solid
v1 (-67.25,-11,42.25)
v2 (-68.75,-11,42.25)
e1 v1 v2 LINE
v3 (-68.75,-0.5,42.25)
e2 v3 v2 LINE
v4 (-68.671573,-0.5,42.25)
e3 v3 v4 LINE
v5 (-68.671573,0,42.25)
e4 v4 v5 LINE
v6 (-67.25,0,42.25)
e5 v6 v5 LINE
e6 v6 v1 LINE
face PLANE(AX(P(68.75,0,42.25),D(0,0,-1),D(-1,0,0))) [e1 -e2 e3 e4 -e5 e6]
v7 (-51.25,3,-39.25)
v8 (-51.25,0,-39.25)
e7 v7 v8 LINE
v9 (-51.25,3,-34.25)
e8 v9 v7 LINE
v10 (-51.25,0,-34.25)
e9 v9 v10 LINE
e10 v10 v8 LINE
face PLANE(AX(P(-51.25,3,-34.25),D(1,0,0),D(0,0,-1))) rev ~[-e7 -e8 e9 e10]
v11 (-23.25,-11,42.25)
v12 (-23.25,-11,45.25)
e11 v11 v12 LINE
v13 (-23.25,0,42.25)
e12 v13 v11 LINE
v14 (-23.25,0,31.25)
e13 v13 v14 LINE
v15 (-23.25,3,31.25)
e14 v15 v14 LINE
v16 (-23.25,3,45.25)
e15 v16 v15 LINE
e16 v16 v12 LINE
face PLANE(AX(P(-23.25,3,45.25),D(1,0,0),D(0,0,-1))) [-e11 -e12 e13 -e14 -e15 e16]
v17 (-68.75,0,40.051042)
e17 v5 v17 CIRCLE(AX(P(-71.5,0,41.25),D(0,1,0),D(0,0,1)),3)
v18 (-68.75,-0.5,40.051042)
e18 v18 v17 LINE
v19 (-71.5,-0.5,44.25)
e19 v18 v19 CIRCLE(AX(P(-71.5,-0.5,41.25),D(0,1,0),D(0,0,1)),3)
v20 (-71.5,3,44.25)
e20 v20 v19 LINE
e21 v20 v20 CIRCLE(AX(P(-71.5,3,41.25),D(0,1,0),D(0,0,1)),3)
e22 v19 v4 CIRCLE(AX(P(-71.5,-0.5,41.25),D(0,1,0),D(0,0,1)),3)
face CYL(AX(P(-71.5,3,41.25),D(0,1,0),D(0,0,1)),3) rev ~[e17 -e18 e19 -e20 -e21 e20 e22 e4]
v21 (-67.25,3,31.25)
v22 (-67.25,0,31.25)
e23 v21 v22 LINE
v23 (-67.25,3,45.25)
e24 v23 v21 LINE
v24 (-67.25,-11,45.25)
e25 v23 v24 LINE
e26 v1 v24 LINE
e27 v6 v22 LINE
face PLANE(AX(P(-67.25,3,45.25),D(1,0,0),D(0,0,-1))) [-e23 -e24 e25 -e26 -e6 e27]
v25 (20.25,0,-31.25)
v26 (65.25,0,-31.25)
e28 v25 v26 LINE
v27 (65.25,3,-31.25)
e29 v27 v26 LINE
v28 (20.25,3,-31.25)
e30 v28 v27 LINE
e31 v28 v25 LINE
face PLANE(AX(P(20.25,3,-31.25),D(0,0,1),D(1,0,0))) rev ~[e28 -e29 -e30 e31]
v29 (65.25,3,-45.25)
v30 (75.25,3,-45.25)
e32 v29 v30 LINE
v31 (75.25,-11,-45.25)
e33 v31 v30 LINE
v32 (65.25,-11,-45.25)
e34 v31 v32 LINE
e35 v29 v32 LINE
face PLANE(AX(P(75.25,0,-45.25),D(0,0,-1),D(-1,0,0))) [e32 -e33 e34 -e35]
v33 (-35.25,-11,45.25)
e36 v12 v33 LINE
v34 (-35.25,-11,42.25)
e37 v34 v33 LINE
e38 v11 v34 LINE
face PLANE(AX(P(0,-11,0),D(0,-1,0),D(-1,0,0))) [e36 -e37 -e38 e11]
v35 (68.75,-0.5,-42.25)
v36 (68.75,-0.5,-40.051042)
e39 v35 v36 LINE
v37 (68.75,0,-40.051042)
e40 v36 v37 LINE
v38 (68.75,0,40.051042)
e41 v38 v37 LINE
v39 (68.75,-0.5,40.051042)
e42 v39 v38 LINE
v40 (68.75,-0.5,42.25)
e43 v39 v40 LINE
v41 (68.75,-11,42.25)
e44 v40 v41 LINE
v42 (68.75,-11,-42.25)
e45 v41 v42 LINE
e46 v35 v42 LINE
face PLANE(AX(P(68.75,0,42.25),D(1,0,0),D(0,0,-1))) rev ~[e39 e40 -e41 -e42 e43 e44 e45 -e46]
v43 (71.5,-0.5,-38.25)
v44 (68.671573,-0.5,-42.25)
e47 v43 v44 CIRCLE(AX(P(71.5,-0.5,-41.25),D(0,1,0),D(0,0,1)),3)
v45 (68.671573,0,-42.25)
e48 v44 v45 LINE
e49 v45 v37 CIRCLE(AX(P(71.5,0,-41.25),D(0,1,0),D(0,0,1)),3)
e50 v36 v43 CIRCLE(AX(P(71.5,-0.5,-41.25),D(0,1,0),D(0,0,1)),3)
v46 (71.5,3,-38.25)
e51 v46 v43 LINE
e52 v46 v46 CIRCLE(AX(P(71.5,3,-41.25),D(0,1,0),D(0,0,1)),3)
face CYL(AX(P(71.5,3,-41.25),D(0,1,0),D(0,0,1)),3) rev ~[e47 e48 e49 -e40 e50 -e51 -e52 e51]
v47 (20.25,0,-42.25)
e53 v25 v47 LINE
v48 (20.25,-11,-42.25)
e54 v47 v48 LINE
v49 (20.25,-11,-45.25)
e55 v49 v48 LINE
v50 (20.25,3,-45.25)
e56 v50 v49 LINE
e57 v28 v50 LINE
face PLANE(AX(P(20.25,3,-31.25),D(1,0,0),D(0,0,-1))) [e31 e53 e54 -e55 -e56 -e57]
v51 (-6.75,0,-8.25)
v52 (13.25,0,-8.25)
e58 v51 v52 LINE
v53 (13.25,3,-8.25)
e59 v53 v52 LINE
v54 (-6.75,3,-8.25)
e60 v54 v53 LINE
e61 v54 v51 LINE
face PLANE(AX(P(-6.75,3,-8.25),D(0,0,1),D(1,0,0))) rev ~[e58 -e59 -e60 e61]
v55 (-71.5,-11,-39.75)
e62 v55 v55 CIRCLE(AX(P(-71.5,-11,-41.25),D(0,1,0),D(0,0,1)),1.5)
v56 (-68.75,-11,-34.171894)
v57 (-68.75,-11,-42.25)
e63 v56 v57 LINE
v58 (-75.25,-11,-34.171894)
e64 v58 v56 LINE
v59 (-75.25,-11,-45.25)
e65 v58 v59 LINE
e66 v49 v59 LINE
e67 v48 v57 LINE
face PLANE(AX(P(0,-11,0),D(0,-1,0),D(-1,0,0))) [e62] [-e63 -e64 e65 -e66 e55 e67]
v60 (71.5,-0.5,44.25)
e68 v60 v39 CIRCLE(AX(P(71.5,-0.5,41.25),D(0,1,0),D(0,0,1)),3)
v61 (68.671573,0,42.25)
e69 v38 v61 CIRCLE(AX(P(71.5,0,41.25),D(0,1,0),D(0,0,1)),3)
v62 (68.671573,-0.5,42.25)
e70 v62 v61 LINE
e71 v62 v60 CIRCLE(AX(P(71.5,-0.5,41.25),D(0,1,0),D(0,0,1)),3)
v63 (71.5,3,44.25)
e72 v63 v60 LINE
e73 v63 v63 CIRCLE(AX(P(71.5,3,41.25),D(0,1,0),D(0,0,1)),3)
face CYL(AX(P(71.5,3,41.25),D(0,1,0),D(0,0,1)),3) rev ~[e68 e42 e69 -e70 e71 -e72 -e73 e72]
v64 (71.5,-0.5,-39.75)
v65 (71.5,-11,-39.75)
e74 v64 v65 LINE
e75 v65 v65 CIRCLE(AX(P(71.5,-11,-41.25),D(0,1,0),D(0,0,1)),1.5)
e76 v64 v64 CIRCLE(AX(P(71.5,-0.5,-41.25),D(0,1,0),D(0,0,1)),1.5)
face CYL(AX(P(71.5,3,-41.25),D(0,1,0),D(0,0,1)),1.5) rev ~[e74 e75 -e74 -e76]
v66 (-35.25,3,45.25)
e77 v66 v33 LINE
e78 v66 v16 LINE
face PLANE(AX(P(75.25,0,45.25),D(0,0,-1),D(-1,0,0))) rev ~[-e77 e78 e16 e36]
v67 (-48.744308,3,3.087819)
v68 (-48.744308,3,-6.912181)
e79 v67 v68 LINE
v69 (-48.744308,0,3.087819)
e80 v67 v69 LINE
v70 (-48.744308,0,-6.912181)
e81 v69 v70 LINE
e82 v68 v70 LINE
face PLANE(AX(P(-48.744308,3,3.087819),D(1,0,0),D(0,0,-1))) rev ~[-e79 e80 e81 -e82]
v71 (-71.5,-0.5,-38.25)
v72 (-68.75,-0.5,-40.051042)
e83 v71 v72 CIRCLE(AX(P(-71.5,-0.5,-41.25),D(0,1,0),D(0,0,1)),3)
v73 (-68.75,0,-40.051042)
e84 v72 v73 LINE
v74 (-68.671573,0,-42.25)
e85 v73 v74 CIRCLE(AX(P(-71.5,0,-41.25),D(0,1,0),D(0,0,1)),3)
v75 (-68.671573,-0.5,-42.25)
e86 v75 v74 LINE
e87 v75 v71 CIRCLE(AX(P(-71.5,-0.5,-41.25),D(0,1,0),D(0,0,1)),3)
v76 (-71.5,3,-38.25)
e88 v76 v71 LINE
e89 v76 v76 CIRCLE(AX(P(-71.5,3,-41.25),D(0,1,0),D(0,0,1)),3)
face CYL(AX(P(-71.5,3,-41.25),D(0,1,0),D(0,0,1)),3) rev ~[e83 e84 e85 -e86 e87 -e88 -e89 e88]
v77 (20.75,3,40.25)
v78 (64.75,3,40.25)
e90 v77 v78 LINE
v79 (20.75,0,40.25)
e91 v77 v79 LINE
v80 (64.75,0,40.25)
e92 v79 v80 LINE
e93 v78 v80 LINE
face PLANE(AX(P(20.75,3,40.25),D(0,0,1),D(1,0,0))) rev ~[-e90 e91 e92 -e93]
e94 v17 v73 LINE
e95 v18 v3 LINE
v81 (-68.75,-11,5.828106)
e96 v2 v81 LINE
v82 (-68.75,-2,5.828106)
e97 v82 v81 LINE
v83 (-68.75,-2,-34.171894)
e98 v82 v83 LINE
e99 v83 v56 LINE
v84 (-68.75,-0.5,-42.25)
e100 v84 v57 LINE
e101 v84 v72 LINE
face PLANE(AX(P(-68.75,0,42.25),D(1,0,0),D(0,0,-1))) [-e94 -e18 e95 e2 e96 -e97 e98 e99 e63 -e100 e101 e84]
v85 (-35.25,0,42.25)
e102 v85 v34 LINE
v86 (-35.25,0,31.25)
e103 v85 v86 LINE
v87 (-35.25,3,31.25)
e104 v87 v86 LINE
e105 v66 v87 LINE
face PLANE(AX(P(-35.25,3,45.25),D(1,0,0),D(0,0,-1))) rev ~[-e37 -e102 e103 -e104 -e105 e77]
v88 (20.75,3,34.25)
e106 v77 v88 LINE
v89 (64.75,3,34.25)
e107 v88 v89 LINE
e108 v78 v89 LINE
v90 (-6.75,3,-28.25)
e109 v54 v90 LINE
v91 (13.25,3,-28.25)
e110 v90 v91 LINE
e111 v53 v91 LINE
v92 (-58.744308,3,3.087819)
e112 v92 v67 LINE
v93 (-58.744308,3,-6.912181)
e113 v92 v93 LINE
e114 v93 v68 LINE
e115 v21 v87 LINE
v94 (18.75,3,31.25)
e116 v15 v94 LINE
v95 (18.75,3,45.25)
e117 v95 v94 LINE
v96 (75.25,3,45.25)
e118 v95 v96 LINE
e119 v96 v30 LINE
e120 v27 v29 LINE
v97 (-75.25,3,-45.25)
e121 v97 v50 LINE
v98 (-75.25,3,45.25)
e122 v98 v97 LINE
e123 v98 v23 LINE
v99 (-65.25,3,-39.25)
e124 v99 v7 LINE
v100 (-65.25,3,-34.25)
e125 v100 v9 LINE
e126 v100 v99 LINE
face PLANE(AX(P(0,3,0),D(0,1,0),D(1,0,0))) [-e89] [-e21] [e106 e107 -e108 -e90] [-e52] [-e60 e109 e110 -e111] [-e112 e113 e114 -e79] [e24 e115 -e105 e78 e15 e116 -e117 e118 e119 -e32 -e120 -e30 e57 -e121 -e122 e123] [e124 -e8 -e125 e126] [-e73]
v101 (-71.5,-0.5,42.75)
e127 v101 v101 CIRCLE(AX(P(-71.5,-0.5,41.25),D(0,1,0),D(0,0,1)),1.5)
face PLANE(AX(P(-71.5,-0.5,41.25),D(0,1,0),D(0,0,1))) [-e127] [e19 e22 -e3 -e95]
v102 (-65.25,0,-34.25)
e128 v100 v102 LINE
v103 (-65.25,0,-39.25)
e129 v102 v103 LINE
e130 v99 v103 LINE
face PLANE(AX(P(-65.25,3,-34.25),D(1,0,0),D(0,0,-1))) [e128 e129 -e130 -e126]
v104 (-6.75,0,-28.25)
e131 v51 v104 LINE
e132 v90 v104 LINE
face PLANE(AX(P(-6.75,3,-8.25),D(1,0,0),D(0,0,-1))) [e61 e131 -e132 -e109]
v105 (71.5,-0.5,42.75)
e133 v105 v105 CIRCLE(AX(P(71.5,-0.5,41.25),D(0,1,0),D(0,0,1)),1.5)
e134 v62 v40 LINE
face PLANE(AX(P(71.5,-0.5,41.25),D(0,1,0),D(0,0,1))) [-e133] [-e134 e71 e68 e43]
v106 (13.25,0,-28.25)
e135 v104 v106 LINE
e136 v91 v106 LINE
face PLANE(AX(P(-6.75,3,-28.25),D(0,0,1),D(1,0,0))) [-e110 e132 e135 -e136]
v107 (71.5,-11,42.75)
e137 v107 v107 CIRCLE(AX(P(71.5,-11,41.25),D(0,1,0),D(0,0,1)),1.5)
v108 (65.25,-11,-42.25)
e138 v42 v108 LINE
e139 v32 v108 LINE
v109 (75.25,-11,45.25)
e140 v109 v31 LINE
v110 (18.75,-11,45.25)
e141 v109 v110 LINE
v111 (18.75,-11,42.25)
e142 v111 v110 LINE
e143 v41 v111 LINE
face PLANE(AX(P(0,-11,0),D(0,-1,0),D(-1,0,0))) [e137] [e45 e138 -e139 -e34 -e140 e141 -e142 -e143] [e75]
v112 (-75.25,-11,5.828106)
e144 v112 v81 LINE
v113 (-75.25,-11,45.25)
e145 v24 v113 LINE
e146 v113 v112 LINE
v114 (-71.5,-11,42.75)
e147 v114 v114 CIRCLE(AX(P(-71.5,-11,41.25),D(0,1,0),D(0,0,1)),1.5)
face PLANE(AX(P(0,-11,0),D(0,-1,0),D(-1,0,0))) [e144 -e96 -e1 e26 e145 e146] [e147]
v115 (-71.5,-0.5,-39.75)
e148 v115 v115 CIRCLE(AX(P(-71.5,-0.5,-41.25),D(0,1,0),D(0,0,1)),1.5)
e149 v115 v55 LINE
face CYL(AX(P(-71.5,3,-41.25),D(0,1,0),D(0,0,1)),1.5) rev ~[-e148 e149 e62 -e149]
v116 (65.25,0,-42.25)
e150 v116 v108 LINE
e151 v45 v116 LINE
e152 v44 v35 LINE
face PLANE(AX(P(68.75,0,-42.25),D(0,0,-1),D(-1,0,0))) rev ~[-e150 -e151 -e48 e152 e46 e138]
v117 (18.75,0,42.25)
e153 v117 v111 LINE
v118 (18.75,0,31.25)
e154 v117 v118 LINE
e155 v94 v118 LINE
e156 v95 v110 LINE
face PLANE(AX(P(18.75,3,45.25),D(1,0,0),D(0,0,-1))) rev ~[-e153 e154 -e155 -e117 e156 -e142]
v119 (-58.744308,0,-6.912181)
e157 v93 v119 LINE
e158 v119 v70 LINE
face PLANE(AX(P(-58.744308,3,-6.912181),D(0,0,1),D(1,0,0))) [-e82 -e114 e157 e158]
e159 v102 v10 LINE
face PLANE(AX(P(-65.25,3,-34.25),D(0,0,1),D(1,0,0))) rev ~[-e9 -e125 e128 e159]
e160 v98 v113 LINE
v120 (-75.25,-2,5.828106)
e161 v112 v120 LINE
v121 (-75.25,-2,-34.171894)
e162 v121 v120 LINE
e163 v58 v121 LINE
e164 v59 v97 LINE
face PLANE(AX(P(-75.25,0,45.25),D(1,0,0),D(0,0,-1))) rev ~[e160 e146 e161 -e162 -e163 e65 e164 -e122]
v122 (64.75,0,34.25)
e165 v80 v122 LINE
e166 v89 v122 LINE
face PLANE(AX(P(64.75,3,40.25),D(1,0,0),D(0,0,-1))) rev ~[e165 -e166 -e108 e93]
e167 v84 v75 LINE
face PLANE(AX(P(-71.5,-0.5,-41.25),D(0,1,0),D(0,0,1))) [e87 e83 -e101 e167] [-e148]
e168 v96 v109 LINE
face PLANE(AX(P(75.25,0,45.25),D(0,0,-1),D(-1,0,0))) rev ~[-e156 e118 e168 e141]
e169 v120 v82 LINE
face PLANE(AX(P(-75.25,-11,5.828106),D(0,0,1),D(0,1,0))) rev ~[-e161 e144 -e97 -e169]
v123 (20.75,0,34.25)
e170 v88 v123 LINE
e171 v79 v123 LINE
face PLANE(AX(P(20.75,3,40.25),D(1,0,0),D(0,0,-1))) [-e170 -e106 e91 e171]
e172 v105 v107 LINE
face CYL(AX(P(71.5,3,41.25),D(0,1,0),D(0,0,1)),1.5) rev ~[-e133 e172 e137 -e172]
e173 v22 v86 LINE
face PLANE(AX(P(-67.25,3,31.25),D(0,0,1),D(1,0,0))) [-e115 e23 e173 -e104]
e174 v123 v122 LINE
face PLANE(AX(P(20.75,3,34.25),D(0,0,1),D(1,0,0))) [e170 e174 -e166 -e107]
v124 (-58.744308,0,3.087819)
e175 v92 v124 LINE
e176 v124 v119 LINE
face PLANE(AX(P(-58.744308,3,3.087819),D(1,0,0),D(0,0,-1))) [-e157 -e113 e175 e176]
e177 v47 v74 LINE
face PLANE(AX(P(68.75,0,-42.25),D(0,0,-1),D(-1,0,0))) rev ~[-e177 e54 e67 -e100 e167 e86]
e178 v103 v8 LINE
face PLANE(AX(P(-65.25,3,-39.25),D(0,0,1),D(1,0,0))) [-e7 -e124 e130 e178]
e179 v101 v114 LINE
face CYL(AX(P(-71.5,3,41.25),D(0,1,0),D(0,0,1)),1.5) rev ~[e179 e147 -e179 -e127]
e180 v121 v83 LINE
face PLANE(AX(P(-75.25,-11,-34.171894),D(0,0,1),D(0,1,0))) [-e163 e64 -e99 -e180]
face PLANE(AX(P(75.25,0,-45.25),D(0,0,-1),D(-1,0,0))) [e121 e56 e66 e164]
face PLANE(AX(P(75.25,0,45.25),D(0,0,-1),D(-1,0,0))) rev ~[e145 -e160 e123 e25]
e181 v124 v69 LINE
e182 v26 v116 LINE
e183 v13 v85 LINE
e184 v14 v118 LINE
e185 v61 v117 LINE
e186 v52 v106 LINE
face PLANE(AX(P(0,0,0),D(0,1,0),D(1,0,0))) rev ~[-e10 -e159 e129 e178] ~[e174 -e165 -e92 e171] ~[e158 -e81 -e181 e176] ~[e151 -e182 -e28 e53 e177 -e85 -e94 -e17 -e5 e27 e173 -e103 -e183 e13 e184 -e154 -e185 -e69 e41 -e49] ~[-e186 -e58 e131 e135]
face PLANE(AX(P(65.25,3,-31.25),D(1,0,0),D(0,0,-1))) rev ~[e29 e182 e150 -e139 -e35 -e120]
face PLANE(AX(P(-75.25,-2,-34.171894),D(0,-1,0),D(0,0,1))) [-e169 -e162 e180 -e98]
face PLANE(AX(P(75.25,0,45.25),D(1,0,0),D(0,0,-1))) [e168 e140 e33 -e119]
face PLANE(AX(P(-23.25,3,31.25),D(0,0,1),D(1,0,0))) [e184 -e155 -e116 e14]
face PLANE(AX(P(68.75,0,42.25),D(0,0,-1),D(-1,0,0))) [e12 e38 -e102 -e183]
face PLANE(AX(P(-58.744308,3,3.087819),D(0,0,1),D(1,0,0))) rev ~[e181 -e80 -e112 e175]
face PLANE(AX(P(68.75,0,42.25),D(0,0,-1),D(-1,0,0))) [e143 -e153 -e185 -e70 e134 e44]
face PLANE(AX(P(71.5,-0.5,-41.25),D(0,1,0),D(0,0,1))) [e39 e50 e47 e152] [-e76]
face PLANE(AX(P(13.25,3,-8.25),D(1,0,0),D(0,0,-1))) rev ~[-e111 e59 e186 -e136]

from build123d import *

# Parameters (mm, degrees)
SKETCH1_W           = 150.5
SKETCH1_H           = 90.5
BOSS_EXTRUDE1_DEPTH = 3
SKETCH2_W           = 150.5
SKETCH2_H           = 90.5
SKETCH2_W_2         = 137.5
SKETCH2_H_2         = 84.5
BOSS_EXTRUDE2_DEPTH = 11
SKETCH3_R           = 1.5
CUT_EXTRUDE1_DEPTH  = 31
SKETCH4_R           = 3
CUT_EXTRUDE2_DEPTH  = 3.5
SKETCH5_W           = 32
SKETCH5_H           = 14
SKETCH5_W_2         = 42
SKETCH5_W_3         = 44
SKETCH5_H_2         = 6
SKETCH5_W_4         = 45
SKETCH5_W_5         = 20
SKETCH5_H_3         = 20
SKETCH5_W_6         = 14
SKETCH5_H_4         = 5
SKETCH5_W_7         = 10
SKETCH5_H_5         = 10
CUT_EXTRUDE3_DEPTH  = 15
SKETCH7_W           = 40
SKETCH7_H           = 9
CUT_EXTRUDE4_DEPTH  = 15


with BuildPart() as part:
    # Sketch1 → Boss-Extrude1 (new body)
    with BuildSketch(Plane(origin=(0, 0, 0), x_dir=(1, 0, 0), z_dir=(0, 1, 0))):
        Rectangle(SKETCH1_W, SKETCH1_H)
    extrude(amount=BOSS_EXTRUDE1_DEPTH)

    # Sketch2 → Boss-Extrude2 (add)
    with BuildSketch(Plane(origin=(0, 0, 0), x_dir=(-1, 0, 0), z_dir=(0, -1, 0))):
        Rectangle(SKETCH2_W, SKETCH2_H)
        Rectangle(SKETCH2_W_2, SKETCH2_H_2, mode=Mode.SUBTRACT)
    extrude(amount=BOSS_EXTRUDE2_DEPTH)

    # Sketch3 → Cut-Extrude1 (cut)
    with BuildSketch(Plane(origin=(0, 3, 0), x_dir=(1, 0, 0), z_dir=(0, 1, 0))):
        with Locations(Location((-71.5, 41.25, 0), (0, 0, 270))):
            Circle(SKETCH3_R)
        with Locations(Location((-71.5, -41.25, 0), (0, 0, 270))):
            Circle(SKETCH3_R)
        with Locations(Location((71.5, -41.25, 0), (0, 0, 270))):
            Circle(SKETCH3_R)
        with Locations(Location((71.5, 41.25, 0), (0, 0, 270))):
            Circle(SKETCH3_R)
    extrude(amount=-CUT_EXTRUDE1_DEPTH, mode=Mode.SUBTRACT)

    # Sketch4 → Cut-Extrude2 (cut)
    with BuildSketch(Plane(origin=(0, 3, 0), x_dir=(1, 0, 0), z_dir=(0, 1, 0))):
        with Locations(Location((-71.5, 41.25, 0), (0, 0, 270))):
            Circle(SKETCH4_R)
        with Locations(Location((-71.5, -41.25, 0), (0, 0, 270))):
            Circle(SKETCH4_R)
        with Locations(Location((71.5, -41.25, 0), (0, 0, 270))):
            Circle(SKETCH4_R)
        with Locations(Location((71.5, 41.25, 0), (0, 0, 270))):
            Circle(SKETCH4_R)
    extrude(amount=-CUT_EXTRUDE2_DEPTH, mode=Mode.SUBTRACT)

    # Sketch5 → Cut-Extrude3 (cut)
    with BuildSketch(Plane(origin=(0, 3, 0), x_dir=(1, 0, 0), z_dir=(0, 1, 0))):
        with Locations((-51.25, -38.25)):
            Rectangle(SKETCH5_W, SKETCH5_H)
        with Locations((-2.25, -38.25)):
            Rectangle(SKETCH5_W_2, SKETCH5_H)
        with Locations((42.75, -37.25)):
            Rectangle(SKETCH5_W_3, SKETCH5_H_2)
        with Locations((42.75, 38.25)):
            Rectangle(SKETCH5_W_4, SKETCH5_H)
        with Locations((3.25, 18.25)):
            Rectangle(SKETCH5_W_5, SKETCH5_H_3)
        with Locations((-58.25, 36.75)):
            Rectangle(SKETCH5_W_6, SKETCH5_H_4)
        with Locations((-53.744307693, 1.912180937)):
            Rectangle(SKETCH5_W_7, SKETCH5_H_5)
    extrude(amount=-CUT_EXTRUDE3_DEPTH, mode=Mode.SUBTRACT)

    # Sketch7 → Cut-Extrude4 (cut)
    with BuildSketch(Plane.ZY.offset(75.25)):
        with Locations((-14.171893674, -6.5)):
            Rectangle(SKETCH7_W, SKETCH7_H)
    extrude(amount=-CUT_EXTRUDE4_DEPTH, mode=Mode.SUBTRACT)


solid = part.part
